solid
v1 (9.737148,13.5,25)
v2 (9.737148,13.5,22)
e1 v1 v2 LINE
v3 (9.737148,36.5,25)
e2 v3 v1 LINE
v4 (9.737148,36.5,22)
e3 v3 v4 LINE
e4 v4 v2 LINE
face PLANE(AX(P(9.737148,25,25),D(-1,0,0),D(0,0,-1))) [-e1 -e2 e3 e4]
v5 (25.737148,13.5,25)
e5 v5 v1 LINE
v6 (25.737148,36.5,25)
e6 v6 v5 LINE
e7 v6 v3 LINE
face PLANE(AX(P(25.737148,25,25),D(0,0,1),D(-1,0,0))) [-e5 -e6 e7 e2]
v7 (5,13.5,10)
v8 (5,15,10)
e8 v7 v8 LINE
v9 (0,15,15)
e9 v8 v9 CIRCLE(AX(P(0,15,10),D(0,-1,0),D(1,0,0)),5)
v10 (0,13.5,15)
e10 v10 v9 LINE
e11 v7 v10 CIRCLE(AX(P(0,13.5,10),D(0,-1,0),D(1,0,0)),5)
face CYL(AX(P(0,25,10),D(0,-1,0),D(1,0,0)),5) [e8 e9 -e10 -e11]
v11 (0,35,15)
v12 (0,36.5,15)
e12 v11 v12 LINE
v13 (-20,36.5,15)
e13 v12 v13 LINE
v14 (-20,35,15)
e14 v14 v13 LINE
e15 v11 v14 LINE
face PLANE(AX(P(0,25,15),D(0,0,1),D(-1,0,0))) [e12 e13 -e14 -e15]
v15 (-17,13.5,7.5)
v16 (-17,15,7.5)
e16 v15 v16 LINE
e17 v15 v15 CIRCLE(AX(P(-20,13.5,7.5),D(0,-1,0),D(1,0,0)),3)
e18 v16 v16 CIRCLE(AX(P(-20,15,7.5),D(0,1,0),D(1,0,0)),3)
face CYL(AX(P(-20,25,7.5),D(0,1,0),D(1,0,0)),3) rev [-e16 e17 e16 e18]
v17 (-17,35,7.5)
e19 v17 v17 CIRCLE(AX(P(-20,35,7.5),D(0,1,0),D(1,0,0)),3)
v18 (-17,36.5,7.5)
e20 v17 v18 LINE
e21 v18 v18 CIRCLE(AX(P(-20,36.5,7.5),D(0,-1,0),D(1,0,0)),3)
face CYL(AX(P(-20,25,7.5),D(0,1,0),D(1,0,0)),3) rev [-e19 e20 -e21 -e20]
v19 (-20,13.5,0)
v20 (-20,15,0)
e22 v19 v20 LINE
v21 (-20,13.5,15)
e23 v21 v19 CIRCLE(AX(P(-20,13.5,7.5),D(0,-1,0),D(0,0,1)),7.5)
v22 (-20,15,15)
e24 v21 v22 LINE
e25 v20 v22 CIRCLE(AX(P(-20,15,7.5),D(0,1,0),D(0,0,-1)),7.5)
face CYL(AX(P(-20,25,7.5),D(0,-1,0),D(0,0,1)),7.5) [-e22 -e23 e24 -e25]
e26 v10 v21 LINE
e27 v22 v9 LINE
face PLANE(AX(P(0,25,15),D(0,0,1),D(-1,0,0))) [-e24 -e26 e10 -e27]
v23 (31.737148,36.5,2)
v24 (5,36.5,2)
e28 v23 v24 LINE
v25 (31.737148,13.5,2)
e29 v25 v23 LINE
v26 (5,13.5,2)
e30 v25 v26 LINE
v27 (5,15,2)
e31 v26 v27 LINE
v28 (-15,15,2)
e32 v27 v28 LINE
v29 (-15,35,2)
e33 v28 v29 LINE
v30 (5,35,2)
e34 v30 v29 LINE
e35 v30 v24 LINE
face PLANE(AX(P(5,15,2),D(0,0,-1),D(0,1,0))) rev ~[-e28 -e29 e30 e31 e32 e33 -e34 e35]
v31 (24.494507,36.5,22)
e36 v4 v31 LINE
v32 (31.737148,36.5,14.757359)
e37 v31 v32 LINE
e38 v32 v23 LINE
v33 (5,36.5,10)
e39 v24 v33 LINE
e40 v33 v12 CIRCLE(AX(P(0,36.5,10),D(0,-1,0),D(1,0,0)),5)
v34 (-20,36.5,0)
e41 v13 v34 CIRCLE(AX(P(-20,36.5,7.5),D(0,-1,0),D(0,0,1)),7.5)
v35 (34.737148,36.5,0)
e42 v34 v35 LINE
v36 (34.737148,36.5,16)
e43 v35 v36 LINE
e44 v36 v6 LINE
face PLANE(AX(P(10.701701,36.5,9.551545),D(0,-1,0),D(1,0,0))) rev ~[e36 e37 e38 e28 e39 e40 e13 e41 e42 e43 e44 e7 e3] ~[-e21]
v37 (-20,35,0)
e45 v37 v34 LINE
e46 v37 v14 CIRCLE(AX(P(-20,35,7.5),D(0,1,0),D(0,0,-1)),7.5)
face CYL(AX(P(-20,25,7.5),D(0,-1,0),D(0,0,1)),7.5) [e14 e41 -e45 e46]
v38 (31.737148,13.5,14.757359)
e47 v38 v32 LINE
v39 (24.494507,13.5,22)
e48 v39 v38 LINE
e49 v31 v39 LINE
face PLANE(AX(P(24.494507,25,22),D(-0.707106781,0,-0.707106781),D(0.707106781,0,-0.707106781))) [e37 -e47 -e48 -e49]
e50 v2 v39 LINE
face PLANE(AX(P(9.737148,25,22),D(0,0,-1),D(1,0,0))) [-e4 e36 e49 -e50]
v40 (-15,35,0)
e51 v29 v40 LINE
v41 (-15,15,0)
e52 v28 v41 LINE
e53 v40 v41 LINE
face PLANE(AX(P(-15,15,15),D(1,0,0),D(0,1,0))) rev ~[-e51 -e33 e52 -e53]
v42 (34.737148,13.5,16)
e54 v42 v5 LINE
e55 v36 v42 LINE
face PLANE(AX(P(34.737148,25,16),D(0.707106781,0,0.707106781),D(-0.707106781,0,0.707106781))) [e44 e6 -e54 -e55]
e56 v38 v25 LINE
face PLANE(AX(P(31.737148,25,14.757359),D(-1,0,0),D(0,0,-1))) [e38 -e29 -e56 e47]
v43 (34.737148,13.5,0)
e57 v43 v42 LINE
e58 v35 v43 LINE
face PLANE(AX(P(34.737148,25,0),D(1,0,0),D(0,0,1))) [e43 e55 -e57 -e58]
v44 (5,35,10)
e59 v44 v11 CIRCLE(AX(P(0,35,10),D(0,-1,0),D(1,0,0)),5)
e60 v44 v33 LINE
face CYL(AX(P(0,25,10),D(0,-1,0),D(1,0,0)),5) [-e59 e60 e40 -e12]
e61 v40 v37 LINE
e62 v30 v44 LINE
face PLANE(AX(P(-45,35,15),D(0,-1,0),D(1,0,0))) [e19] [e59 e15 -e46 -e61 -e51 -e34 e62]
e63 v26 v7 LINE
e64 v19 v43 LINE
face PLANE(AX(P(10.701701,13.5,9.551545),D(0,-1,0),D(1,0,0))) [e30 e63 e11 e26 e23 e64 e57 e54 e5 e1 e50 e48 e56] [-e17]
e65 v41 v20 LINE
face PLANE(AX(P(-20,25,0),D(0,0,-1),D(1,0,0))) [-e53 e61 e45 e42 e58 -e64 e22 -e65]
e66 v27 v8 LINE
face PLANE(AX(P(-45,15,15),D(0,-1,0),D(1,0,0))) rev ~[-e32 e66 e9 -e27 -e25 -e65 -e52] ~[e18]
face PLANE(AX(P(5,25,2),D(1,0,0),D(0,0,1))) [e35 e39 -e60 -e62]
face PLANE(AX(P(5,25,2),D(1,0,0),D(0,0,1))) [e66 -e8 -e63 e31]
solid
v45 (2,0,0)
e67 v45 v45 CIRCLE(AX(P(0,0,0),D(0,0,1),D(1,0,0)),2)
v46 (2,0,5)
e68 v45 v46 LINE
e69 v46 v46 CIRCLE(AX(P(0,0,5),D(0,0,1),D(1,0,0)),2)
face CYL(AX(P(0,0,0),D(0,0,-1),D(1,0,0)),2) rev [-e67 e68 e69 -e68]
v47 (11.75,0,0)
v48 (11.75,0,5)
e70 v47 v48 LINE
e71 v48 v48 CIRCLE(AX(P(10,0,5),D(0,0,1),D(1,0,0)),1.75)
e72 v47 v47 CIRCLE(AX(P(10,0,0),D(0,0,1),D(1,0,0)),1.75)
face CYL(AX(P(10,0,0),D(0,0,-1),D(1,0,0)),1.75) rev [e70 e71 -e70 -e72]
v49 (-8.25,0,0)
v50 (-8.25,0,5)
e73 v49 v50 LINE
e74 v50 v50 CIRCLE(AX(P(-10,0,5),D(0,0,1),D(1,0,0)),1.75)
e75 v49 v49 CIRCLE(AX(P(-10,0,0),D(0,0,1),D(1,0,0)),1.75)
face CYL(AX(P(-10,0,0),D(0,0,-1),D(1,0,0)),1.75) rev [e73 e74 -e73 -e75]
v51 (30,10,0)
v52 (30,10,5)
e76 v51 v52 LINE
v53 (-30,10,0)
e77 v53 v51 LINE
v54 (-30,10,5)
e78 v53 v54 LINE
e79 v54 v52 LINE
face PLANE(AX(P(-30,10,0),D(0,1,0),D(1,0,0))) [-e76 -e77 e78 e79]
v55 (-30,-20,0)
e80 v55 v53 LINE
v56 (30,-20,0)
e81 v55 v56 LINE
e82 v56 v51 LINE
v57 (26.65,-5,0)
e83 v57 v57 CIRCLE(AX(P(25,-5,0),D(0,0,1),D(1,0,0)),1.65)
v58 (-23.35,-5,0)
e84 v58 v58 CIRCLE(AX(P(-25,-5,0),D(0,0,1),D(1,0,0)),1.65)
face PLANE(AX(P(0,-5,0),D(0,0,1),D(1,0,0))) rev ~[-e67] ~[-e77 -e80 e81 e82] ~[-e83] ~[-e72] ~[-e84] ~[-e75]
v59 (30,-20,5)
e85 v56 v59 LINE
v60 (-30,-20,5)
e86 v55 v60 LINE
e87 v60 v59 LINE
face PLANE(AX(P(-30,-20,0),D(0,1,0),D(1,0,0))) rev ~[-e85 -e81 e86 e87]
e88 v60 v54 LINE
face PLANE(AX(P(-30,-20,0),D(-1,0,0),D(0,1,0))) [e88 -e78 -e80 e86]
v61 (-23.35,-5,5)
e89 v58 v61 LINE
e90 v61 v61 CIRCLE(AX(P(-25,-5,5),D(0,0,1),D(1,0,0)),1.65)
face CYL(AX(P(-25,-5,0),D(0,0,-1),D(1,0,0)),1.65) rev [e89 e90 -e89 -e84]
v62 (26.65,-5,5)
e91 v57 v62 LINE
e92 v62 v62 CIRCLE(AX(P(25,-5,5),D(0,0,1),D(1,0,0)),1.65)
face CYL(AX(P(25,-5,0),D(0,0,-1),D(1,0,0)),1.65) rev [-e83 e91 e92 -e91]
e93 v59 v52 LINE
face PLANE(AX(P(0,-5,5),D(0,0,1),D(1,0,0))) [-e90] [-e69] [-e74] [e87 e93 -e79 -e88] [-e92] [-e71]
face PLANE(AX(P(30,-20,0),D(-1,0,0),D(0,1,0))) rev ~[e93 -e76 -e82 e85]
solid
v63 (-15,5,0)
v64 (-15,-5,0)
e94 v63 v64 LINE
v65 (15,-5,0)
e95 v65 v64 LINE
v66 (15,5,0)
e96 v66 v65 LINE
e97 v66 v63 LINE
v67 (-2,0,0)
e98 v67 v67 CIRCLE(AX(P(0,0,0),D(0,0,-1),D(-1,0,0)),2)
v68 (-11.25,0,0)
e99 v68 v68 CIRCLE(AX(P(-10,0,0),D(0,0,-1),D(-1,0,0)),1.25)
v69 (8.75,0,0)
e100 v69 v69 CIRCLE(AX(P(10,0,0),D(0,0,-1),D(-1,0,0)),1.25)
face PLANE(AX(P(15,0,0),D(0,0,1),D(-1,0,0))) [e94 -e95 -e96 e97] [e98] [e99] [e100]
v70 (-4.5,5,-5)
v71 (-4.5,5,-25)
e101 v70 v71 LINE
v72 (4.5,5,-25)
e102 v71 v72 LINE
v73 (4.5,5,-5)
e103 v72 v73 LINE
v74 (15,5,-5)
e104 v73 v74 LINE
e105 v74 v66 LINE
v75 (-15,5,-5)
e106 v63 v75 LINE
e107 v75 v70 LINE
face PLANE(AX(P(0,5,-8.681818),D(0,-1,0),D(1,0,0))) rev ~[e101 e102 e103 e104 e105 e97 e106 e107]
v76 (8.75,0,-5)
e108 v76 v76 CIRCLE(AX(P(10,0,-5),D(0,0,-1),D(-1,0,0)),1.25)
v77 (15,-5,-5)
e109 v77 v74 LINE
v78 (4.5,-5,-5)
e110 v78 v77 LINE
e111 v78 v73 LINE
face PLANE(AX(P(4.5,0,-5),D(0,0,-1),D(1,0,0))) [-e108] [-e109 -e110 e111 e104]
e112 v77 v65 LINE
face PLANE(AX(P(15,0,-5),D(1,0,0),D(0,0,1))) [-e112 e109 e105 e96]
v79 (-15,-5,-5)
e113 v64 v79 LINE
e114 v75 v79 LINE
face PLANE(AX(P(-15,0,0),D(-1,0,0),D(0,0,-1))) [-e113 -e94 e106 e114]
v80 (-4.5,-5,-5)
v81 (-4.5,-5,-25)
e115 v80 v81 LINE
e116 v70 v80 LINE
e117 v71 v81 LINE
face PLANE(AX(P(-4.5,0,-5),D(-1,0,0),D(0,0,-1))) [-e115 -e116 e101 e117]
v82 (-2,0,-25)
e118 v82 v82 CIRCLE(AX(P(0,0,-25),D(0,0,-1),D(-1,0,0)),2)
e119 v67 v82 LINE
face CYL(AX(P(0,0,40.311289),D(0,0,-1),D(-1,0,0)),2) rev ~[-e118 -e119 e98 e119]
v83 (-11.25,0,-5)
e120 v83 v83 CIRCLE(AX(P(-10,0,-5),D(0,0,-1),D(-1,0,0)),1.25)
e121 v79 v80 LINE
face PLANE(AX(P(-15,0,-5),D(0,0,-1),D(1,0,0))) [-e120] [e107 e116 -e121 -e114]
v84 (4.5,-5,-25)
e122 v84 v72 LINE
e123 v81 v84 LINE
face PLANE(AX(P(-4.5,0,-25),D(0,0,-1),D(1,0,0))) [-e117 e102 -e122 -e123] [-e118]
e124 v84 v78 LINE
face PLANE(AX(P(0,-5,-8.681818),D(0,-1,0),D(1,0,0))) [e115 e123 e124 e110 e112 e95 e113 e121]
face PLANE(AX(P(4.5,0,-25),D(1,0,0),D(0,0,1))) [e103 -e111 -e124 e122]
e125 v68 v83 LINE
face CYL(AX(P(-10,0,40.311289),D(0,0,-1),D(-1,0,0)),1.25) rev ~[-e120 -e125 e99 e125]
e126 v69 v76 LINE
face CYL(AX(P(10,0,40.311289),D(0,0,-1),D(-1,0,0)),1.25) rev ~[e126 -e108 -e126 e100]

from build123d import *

# Parameters (mm, degrees)
F1_R      = 3
F2_DEPTH  = 11.5
F3_W      = 30
F3_H      = 20
F4_DEPTH  = 15.001
F5_W      = 20
F5_H      = 20
F6_DEPTH  = 32.501
F7_W      = 60
F7_H      = 30
F7_R      = 1.65
F7_R_2    = 1.75
F7_R_3    = 2
F8_DEPTH  = 5
F10_DEPTH = 5
F11_D     = 4
F12_D     = 2.5


with BuildPart() as f2:
    # F1 (on offset) → F2 (new body, symmetric)
    with BuildSketch(Plane.XZ.offset(-25)):
        with BuildLine():
            Line((-20, 0), (34.7371481067, 0))
            Line((34.7371481067, 0), (34.7371481067, 16))
            Line((34.7371481067, 16), (25.7371481067, 25))
            Line((25.7371481067, 25), (9.7371481067, 25))
            Line((9.7371481067, 25), (9.7371481067, 22))
            Line((9.7371481067, 22), (24.4945074196, 22))
            Line((24.4945074196, 22), (31.7371481067, 14.7573593129))
            Line((31.7371481067, 14.7573593129), (31.7371481067, 2))
            Line((31.7371481067, 2), (5, 2))
            Line((5, 2), (5, 10))
            ThreePointArc((5, 10), (3.5355339059, 13.5355339059), (0, 15))
            Line((0, 15), (-20, 15))
            ThreePointArc((-20, 15), (-27.5, 7.5), (-20, 0))
        make_face()
        with Locations((-20, 7.5)):
            Circle(F1_R, mode=Mode.SUBTRACT)
    extrude(amount=F2_DEPTH, both=True)

    # F3 (on face) → F4 (cut, through all)
    with BuildSketch(Plane.XY.offset(15)):
        with Locations((-30, 25)):
            Rectangle(F3_W, F3_H)
    extrude(amount=-F4_DEPTH, mode=Mode.SUBTRACT)

    # F5 (on face) → F6 (cut, through all)
    with BuildSketch(Plane.YZ.offset(5)):
        with Locations((25, 12)):
            Rectangle(F5_W, F5_H)
    extrude(amount=-F6_DEPTH, mode=Mode.SUBTRACT)


with BuildPart() as f8:
    # F7 (on Top) → F8 (new body)
    with BuildSketch(Plane.XY):
        with Locations((0, -5)):
            Rectangle(F7_W, F7_H)
        with Locations((-25, -5)):
            Circle(F7_R, mode=Mode.SUBTRACT)
        with Locations((-10, 0)):
            Circle(F7_R_2, mode=Mode.SUBTRACT)
        Circle(F7_R_3, mode=Mode.SUBTRACT)
        with Locations((10, 0)):
            Circle(F7_R_2, mode=Mode.SUBTRACT)
        with Locations((25, -5)):
            Circle(F7_R, mode=Mode.SUBTRACT)
    extrude(amount=F8_DEPTH)


with BuildPart() as f10:
    # F9 (on Front) → F10 (new body, symmetric)
    with BuildSketch(Plane.XZ):
        Polygon((15, -5), (15, 0), (-15, 0), (-15, -5), (-4.5, -5), (-4.5, -25), (4.5, -25), (4.5, -5), align=None)
    extrude(amount=F10_DEPTH, both=True)

    # F11 (through all)
    with Locations(Plane.XY):
        with Locations((0, 0)):
            Hole(F11_D / 2)

    # F12 (through all)
    with Locations(Plane.XY):
        with Locations((-10, 0), (10, 0)):
            Hole(F12_D / 2)


solid = Compound([f2.part, f8.part, f10.part])
